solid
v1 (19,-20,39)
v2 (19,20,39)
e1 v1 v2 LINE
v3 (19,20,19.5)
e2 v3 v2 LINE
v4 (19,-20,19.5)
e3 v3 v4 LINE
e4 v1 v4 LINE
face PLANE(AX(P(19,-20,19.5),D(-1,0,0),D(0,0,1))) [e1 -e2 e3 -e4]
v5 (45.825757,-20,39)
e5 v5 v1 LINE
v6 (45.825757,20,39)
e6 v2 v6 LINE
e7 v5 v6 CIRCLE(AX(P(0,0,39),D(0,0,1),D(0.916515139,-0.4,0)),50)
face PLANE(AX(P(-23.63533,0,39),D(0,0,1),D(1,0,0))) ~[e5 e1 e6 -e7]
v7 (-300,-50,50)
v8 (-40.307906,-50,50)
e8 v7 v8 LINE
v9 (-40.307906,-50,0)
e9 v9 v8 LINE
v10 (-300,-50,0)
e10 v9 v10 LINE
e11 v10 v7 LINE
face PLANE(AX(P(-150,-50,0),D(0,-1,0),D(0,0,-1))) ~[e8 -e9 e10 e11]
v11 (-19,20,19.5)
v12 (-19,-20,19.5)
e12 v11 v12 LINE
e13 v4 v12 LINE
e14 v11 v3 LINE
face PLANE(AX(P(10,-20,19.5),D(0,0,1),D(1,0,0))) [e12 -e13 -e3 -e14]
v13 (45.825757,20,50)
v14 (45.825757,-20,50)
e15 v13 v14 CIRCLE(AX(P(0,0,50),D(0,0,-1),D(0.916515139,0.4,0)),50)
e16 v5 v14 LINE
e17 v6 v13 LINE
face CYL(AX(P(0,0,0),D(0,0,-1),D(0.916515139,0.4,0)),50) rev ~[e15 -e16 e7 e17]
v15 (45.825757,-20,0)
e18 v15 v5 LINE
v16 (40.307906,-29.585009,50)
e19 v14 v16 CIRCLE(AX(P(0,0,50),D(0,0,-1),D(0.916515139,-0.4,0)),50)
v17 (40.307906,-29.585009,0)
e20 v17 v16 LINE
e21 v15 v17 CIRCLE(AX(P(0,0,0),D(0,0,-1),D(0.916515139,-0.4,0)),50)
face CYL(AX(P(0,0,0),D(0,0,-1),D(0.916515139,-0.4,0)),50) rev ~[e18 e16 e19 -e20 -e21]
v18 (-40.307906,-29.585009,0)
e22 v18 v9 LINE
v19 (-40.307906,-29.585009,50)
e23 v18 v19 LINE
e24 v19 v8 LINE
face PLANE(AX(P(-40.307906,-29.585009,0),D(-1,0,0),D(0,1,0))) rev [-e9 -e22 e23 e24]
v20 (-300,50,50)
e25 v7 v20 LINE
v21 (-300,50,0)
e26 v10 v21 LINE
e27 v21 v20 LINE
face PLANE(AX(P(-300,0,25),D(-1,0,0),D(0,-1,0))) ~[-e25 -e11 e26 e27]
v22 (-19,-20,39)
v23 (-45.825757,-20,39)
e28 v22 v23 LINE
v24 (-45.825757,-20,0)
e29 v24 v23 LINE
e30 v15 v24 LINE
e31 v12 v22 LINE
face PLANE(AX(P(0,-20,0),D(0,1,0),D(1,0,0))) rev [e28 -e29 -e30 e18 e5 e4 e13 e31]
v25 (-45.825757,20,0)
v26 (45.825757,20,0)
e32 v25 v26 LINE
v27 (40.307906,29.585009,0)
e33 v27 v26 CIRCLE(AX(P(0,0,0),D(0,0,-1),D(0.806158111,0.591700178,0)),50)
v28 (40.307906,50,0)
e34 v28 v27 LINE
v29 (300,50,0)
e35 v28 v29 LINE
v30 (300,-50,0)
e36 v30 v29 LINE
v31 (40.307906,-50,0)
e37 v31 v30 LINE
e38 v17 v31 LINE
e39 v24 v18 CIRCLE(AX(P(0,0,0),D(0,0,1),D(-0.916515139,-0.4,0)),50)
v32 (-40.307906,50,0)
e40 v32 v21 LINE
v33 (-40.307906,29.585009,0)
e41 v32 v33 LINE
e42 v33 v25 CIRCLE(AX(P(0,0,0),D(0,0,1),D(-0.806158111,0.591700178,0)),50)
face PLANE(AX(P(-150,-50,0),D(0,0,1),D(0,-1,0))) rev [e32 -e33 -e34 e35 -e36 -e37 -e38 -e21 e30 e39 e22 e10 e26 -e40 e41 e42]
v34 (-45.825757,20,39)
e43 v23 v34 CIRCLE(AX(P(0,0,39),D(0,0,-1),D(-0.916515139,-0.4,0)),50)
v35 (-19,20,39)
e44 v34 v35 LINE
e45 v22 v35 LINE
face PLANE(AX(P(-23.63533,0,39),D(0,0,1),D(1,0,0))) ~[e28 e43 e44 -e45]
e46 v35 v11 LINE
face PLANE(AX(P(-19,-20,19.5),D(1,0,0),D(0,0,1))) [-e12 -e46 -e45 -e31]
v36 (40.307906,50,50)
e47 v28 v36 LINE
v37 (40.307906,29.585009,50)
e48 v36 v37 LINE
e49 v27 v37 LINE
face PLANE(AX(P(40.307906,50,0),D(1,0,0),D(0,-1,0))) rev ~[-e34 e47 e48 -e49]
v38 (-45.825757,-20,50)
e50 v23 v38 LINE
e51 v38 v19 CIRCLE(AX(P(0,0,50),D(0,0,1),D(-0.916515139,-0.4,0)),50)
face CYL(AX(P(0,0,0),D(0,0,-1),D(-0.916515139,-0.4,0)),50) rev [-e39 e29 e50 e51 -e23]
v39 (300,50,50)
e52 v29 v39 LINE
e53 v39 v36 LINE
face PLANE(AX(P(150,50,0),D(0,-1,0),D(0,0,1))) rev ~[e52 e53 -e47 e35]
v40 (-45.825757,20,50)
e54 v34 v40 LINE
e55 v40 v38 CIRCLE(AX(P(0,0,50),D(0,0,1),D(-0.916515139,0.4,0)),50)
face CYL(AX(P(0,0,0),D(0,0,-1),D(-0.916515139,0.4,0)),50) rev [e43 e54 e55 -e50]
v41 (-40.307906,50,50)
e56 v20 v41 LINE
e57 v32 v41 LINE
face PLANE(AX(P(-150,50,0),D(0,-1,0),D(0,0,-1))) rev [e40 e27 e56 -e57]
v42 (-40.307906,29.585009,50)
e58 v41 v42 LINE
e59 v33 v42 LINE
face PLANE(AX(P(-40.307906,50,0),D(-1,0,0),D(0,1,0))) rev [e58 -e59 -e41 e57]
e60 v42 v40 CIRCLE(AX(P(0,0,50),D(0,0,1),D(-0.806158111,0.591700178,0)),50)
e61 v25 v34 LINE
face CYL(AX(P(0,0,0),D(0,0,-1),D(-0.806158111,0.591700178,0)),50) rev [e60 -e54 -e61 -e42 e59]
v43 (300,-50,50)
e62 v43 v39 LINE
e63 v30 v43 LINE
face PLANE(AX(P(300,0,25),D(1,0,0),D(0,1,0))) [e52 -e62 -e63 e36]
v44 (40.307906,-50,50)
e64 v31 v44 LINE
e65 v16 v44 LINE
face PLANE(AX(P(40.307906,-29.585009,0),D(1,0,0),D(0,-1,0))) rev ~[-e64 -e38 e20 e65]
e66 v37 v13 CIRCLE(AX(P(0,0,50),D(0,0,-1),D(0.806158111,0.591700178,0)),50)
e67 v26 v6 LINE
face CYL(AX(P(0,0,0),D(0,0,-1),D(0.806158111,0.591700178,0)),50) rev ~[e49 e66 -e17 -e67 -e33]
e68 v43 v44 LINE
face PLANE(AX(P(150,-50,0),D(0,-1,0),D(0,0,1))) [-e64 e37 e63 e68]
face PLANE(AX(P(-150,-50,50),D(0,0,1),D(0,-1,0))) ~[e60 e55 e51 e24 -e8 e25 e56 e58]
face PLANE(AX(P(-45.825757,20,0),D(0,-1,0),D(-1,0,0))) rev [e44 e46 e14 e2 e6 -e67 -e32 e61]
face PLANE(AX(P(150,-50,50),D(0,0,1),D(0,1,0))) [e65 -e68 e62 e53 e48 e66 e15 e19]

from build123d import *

# Parameters (mm, degrees)
F1_DEPTH = 39
F2_DEPTH = 50
F3_W     = 100
F3_H     = 50
F4_DEPTH = 150
F6_W     = 20
F6_H     = 19.5
F7_DEPTH = 76.8
F8_W     = 9
F8_H     = 19.5
F9_DEPTH = 617


with BuildPart() as f1:
    # F0 (on Top) → F1 (new body)
    with BuildSketch(Plane.XY):
        with BuildLine():
            ThreePointArc((45.8257569496, -20), (50, 0), (45.8257569496, 20))
            Line((45.8257569496, 20), (0, 20))
            Line((0, 20), (0, -20))
            Line((0, -20), (45.8257569496, -20))
        make_face()
    extrude(amount=F1_DEPTH)

    # F0 (on Top) → F2 (join)
    with BuildSketch(Plane.XY):
        with BuildLine():
            Line((150, -50), (150, 50))
            Line((150, 50), (40.307905525, 50))
            Line((40.307905525, 50), (40.307905525, 29.5850089098))
            ThreePointArc((40.307905525, 29.5850089098), (43.3326672589, 24.945539646), (45.8257569496, 20))
            ThreePointArc((45.8257569496, 20), (50, 0), (45.8257569496, -20))
            ThreePointArc((45.8257569496, -20), (43.3326672589, -24.945539646), (40.307905525, -29.5850089098))
            Line((40.307905525, -29.5850089098), (40.307905525, -50))
            Line((40.307905525, -50), (150, -50))
        make_face()
    extrude(amount=F2_DEPTH)

    # F3 (on face) → F4 (join)
    with BuildSketch(Plane.YZ.offset(150)):
        with Locations((0, 25)):
            Rectangle(F3_W, F3_H)
    extrude(amount=F4_DEPTH)

    # F5: F1 across plane


with BuildPart() as f1_1:
    add(f1.part)
    add(f1.part.mirror(Plane.YZ))

    # F6 (on Front) → F7 (cut, symmetric)
    with BuildSketch(Plane.XZ):
        with Locations((0, 29.25)):
            Rectangle(F6_W, F6_H)
    extrude(amount=F7_DEPTH, both=True, mode=Mode.SUBTRACT)

    # F8 (on face) → F9 (cut, symmetric)
    with BuildSketch(Plane.XZ.offset(20)):
        with Locations((14.5, 29.25)):
            Rectangle(F8_W, F8_H)
        with Locations((-14.5, 29.25)):
            Rectangle(F8_W, F8_H)
    extrude(amount=F9_DEPTH, both=True, mode=Mode.SUBTRACT)


solid = f1_1.part
